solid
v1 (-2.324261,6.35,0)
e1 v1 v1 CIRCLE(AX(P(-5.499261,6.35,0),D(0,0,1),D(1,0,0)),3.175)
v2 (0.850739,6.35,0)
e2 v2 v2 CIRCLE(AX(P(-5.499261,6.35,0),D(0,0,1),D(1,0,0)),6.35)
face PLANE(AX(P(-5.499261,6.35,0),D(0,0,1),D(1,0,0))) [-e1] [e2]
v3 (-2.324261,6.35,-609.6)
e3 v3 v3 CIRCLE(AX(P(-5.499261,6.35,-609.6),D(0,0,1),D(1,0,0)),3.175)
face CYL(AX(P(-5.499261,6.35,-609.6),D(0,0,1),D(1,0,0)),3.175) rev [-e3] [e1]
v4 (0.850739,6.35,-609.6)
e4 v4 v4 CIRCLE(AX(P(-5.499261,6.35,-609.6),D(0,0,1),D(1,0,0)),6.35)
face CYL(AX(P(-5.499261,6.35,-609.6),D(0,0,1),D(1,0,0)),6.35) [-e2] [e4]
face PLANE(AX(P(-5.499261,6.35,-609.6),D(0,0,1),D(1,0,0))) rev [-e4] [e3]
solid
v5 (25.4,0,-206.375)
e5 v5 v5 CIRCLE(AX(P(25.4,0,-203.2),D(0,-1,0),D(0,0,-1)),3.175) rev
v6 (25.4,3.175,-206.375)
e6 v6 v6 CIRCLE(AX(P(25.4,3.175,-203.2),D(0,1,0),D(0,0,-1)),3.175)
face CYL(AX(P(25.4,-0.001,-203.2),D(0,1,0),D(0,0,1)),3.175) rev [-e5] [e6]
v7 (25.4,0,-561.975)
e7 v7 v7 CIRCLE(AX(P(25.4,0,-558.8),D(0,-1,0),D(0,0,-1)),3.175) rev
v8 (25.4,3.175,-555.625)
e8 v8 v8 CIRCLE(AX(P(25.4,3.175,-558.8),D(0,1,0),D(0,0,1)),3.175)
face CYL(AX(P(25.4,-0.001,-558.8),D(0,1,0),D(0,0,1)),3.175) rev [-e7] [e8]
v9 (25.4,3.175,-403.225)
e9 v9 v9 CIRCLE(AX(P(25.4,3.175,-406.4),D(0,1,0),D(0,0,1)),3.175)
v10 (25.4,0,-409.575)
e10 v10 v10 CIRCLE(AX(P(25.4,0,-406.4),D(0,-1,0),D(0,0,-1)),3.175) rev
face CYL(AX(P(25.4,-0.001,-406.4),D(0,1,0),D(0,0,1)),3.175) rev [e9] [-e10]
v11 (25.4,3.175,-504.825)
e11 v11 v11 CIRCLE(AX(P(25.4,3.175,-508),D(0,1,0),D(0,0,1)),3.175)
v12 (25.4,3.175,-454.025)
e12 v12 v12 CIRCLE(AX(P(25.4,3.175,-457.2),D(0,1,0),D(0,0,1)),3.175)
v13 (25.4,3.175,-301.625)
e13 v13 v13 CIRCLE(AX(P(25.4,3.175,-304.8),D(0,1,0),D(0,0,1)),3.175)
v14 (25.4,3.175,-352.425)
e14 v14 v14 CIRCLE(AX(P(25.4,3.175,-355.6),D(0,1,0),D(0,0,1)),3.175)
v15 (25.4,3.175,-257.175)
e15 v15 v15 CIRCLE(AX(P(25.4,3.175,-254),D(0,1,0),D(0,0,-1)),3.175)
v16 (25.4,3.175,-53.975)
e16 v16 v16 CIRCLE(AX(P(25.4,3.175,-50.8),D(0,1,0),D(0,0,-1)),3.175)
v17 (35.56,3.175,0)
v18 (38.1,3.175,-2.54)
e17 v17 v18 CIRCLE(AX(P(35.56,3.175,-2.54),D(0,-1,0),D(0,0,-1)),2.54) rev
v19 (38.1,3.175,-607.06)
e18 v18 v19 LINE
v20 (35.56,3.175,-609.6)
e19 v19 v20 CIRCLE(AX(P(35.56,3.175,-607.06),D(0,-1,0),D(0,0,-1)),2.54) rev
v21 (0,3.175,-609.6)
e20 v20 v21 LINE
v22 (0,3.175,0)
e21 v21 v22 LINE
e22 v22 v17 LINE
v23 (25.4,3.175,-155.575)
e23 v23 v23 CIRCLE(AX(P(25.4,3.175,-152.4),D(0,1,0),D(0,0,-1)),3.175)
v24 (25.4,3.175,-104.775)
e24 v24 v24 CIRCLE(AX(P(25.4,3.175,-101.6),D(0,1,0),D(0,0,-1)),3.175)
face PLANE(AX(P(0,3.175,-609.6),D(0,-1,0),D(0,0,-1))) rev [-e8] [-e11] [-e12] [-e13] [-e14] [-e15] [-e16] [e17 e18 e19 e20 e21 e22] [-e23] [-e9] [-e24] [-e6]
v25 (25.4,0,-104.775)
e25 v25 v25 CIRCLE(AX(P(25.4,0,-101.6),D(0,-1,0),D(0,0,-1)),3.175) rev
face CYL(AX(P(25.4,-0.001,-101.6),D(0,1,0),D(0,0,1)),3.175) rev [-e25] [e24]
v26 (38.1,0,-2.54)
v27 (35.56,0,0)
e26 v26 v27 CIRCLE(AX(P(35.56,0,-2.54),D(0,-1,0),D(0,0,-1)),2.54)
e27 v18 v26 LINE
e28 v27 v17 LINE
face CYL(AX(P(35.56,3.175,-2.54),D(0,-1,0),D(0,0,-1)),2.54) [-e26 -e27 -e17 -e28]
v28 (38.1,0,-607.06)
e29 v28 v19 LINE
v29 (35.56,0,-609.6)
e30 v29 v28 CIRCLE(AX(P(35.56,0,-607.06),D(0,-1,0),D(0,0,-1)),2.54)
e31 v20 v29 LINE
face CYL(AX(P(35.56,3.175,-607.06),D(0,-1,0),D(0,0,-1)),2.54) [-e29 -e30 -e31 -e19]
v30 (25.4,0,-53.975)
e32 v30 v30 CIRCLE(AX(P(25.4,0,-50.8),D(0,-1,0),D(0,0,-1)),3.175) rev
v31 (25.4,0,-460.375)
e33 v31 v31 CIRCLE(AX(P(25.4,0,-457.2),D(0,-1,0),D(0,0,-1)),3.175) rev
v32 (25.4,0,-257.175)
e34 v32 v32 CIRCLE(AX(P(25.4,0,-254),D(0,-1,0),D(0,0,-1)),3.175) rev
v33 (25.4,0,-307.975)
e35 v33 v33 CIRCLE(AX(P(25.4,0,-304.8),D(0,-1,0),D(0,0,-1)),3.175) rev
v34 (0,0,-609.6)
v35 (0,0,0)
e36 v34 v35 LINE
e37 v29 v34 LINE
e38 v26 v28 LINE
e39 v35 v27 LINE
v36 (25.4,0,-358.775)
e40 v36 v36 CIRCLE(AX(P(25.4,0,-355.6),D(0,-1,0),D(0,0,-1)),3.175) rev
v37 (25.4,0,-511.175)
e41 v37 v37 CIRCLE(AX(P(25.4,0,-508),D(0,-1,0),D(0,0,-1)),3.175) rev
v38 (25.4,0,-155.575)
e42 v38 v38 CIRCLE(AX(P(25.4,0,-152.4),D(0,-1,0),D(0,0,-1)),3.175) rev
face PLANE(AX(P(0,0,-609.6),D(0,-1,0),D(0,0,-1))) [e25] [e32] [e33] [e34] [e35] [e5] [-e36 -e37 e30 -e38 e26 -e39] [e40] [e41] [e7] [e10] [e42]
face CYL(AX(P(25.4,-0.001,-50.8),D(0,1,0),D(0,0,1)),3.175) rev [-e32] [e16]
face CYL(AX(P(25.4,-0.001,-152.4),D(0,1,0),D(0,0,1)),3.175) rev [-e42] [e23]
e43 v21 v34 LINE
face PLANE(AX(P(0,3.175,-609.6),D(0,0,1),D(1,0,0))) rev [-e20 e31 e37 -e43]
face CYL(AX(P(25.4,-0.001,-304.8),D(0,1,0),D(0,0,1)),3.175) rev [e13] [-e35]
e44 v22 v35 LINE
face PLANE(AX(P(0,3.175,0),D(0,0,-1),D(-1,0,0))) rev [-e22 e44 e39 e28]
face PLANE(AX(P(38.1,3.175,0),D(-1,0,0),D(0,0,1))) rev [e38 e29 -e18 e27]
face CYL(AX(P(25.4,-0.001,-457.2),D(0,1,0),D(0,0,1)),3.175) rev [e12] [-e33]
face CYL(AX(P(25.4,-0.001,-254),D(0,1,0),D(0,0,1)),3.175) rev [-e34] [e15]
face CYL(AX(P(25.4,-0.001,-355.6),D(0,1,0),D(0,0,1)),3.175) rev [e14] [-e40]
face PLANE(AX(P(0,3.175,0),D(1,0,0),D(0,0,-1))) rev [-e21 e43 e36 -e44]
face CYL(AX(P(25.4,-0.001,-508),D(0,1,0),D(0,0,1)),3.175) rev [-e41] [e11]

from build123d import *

# Parameters (mm, degrees)
SKETCH1_W           = 38.1
SKETCH1_H           = 609.6
BOSS_EXTRUDE1_DEPTH = 3.175
CUT_EXTRUDE1_REACH  = 5.175
SKETCH2_R           = 3.175
FILLET1_R           = 2.54
SKETCH3_R           = 6.35
SKETCH3_R_2         = 3.175
BOSS_EXTRUDE2_DEPTH = 609.6


with BuildPart() as part:
    # Sketch1 → Boss-Extrude1 (new body)
    with BuildSketch(Plane(origin=(0, 0, 0), x_dir=(1, 0, 0), z_dir=(0, 1, 0))):
        with Locations((19.05, 304.8)):
            Rectangle(SKETCH1_W, SKETCH1_H)
    extrude(amount=BOSS_EXTRUDE1_DEPTH)

    # Sketch2 → Cut-Extrude1 (cut, up to next)
    with BuildSketch(Plane(origin=(0, 3.175, 0), x_dir=(-1, 0, 0), z_dir=(0, 1, 0)), mode=Mode.PRIVATE) as cut_extrude1_sk1:
        with Locations((-25.4, -355.6)):
            Circle(SKETCH2_R)
    cut_extrude1_tool1 = extrude(cut_extrude1_sk1.sketch, amount=-CUT_EXTRUDE1_REACH, mode=Mode.PRIVATE) & part.part
    add(cut_extrude1_tool1.solids().sort_by_distance((25.4, 3.175, -355.6))[0], mode=Mode.SUBTRACT)
    # Sketch2 → Cut-Extrude1 (cut, up to next)
    with BuildSketch(Plane(origin=(0, 3.175, 0), x_dir=(-1, 0, 0), z_dir=(0, 1, 0)), mode=Mode.PRIVATE) as cut_extrude1_sk2:
        with Locations((-25.4, -304.8)):
            Circle(SKETCH2_R)
    cut_extrude1_tool2 = extrude(cut_extrude1_sk2.sketch, amount=-CUT_EXTRUDE1_REACH, mode=Mode.PRIVATE) & part.part
    add(cut_extrude1_tool2.solids().sort_by_distance((25.4, 3.175, -304.8))[0], mode=Mode.SUBTRACT)
    # Sketch2 → Cut-Extrude1 (cut, up to next)
    with BuildSketch(Plane(origin=(0, 3.175, 0), x_dir=(-1, 0, 0), z_dir=(0, 1, 0)), mode=Mode.PRIVATE) as cut_extrude1_sk3:
        with Locations((-25.4, -254)):
            Circle(SKETCH2_R)
    cut_extrude1_tool3 = extrude(cut_extrude1_sk3.sketch, amount=-CUT_EXTRUDE1_REACH, mode=Mode.PRIVATE) & part.part
    add(cut_extrude1_tool3.solids().sort_by_distance((25.4, 3.175, -254))[0], mode=Mode.SUBTRACT)
    # Sketch2 → Cut-Extrude1 (cut, up to next)
    with BuildSketch(Plane(origin=(0, 3.175, 0), x_dir=(-1, 0, 0), z_dir=(0, 1, 0)), mode=Mode.PRIVATE) as cut_extrude1_sk4:
        with Locations((-25.4, -406.4)):
            Circle(SKETCH2_R)
    cut_extrude1_tool4 = extrude(cut_extrude1_sk4.sketch, amount=-CUT_EXTRUDE1_REACH, mode=Mode.PRIVATE) & part.part
    add(cut_extrude1_tool4.solids().sort_by_distance((25.4, 3.175, -406.4))[0], mode=Mode.SUBTRACT)
    # Sketch2 → Cut-Extrude1 (cut, up to next)
    with BuildSketch(Plane(origin=(0, 3.175, 0), x_dir=(-1, 0, 0), z_dir=(0, 1, 0)), mode=Mode.PRIVATE) as cut_extrude1_sk5:
        with Locations((-25.4, -457.2)):
            Circle(SKETCH2_R)
    cut_extrude1_tool5 = extrude(cut_extrude1_sk5.sketch, amount=-CUT_EXTRUDE1_REACH, mode=Mode.PRIVATE) & part.part
    add(cut_extrude1_tool5.solids().sort_by_distance((25.4, 3.175, -457.2))[0], mode=Mode.SUBTRACT)
    # Sketch2 → Cut-Extrude1 (cut, up to next)
    with BuildSketch(Plane(origin=(0, 3.175, 0), x_dir=(-1, 0, 0), z_dir=(0, 1, 0)), mode=Mode.PRIVATE) as cut_extrude1_sk6:
        with Locations((-25.4, -508)):
            Circle(SKETCH2_R)
    cut_extrude1_tool6 = extrude(cut_extrude1_sk6.sketch, amount=-CUT_EXTRUDE1_REACH, mode=Mode.PRIVATE) & part.part
    add(cut_extrude1_tool6.solids().sort_by_distance((25.4, 3.175, -508))[0], mode=Mode.SUBTRACT)
    # Sketch2 → Cut-Extrude1 (cut, up to next)
    with BuildSketch(Plane(origin=(0, 3.175, 0), x_dir=(-1, 0, 0), z_dir=(0, 1, 0)), mode=Mode.PRIVATE) as cut_extrude1_sk7:
        with Locations((-25.4, -558.8)):
            Circle(SKETCH2_R)
    cut_extrude1_tool7 = extrude(cut_extrude1_sk7.sketch, amount=-CUT_EXTRUDE1_REACH, mode=Mode.PRIVATE) & part.part
    add(cut_extrude1_tool7.solids().sort_by_distance((25.4, 3.175, -558.8))[0], mode=Mode.SUBTRACT)
    # Sketch2 → Cut-Extrude1 (cut, up to next)
    with BuildSketch(Plane(origin=(0, 3.175, 0), x_dir=(-1, 0, 0), z_dir=(0, 1, 0)), mode=Mode.PRIVATE) as cut_extrude1_sk8:
        with Locations((-25.4, -101.6)):
            Circle(SKETCH2_R)
    cut_extrude1_tool8 = extrude(cut_extrude1_sk8.sketch, amount=-CUT_EXTRUDE1_REACH, mode=Mode.PRIVATE) & part.part
    add(cut_extrude1_tool8.solids().sort_by_distance((25.4, 3.175, -101.6))[0], mode=Mode.SUBTRACT)
    # Sketch2 → Cut-Extrude1 (cut, up to next)
    with BuildSketch(Plane(origin=(0, 3.175, 0), x_dir=(-1, 0, 0), z_dir=(0, 1, 0)), mode=Mode.PRIVATE) as cut_extrude1_sk9:
        with Locations((-25.4, -50.8)):
            Circle(SKETCH2_R)
    cut_extrude1_tool9 = extrude(cut_extrude1_sk9.sketch, amount=-CUT_EXTRUDE1_REACH, mode=Mode.PRIVATE) & part.part
    add(cut_extrude1_tool9.solids().sort_by_distance((25.4, 3.175, -50.8))[0], mode=Mode.SUBTRACT)
    # Sketch2 → Cut-Extrude1 (cut, up to next)
    with BuildSketch(Plane(origin=(0, 3.175, 0), x_dir=(-1, 0, 0), z_dir=(0, 1, 0)), mode=Mode.PRIVATE) as cut_extrude1_sk10:
        with Locations((-25.4, -203.2)):
            Circle(SKETCH2_R)
    cut_extrude1_tool10 = extrude(cut_extrude1_sk10.sketch, amount=-CUT_EXTRUDE1_REACH, mode=Mode.PRIVATE) & part.part
    add(cut_extrude1_tool10.solids().sort_by_distance((25.4, 3.175, -203.2))[0], mode=Mode.SUBTRACT)
    # Sketch2 → Cut-Extrude1 (cut, up to next)
    with BuildSketch(Plane(origin=(0, 3.175, 0), x_dir=(-1, 0, 0), z_dir=(0, 1, 0)), mode=Mode.PRIVATE) as cut_extrude1_sk11:
        with Locations((-25.4, -152.4)):
            Circle(SKETCH2_R)
    cut_extrude1_tool11 = extrude(cut_extrude1_sk11.sketch, amount=-CUT_EXTRUDE1_REACH, mode=Mode.PRIVATE) & part.part
    add(cut_extrude1_tool11.solids().sort_by_distance((25.4, 3.175, -152.4))[0], mode=Mode.SUBTRACT)

    # Fillet1
    fillet1_edges = [part.edges().sort_by_distance(p)[0] for p in [
        (38.1, 1.5875, -609.6),
        (38.1, 1.5875, 0),
    ]]
    fillet(fillet1_edges, radius=FILLET1_R)


with BuildPart() as body_2:
    # Sketch3 → Boss-Extrude2 (new body)
    with BuildSketch(Plane.XY):
        with Locations((-5.499261314, 6.35)):
            Circle(SKETCH3_R)
        with Locations((-5.499261314, 6.35)):
            Circle(SKETCH3_R_2, mode=Mode.SUBTRACT)
    extrude(amount=-BOSS_EXTRUDE2_DEPTH)


solid = Compound([part.part, body_2.part])
